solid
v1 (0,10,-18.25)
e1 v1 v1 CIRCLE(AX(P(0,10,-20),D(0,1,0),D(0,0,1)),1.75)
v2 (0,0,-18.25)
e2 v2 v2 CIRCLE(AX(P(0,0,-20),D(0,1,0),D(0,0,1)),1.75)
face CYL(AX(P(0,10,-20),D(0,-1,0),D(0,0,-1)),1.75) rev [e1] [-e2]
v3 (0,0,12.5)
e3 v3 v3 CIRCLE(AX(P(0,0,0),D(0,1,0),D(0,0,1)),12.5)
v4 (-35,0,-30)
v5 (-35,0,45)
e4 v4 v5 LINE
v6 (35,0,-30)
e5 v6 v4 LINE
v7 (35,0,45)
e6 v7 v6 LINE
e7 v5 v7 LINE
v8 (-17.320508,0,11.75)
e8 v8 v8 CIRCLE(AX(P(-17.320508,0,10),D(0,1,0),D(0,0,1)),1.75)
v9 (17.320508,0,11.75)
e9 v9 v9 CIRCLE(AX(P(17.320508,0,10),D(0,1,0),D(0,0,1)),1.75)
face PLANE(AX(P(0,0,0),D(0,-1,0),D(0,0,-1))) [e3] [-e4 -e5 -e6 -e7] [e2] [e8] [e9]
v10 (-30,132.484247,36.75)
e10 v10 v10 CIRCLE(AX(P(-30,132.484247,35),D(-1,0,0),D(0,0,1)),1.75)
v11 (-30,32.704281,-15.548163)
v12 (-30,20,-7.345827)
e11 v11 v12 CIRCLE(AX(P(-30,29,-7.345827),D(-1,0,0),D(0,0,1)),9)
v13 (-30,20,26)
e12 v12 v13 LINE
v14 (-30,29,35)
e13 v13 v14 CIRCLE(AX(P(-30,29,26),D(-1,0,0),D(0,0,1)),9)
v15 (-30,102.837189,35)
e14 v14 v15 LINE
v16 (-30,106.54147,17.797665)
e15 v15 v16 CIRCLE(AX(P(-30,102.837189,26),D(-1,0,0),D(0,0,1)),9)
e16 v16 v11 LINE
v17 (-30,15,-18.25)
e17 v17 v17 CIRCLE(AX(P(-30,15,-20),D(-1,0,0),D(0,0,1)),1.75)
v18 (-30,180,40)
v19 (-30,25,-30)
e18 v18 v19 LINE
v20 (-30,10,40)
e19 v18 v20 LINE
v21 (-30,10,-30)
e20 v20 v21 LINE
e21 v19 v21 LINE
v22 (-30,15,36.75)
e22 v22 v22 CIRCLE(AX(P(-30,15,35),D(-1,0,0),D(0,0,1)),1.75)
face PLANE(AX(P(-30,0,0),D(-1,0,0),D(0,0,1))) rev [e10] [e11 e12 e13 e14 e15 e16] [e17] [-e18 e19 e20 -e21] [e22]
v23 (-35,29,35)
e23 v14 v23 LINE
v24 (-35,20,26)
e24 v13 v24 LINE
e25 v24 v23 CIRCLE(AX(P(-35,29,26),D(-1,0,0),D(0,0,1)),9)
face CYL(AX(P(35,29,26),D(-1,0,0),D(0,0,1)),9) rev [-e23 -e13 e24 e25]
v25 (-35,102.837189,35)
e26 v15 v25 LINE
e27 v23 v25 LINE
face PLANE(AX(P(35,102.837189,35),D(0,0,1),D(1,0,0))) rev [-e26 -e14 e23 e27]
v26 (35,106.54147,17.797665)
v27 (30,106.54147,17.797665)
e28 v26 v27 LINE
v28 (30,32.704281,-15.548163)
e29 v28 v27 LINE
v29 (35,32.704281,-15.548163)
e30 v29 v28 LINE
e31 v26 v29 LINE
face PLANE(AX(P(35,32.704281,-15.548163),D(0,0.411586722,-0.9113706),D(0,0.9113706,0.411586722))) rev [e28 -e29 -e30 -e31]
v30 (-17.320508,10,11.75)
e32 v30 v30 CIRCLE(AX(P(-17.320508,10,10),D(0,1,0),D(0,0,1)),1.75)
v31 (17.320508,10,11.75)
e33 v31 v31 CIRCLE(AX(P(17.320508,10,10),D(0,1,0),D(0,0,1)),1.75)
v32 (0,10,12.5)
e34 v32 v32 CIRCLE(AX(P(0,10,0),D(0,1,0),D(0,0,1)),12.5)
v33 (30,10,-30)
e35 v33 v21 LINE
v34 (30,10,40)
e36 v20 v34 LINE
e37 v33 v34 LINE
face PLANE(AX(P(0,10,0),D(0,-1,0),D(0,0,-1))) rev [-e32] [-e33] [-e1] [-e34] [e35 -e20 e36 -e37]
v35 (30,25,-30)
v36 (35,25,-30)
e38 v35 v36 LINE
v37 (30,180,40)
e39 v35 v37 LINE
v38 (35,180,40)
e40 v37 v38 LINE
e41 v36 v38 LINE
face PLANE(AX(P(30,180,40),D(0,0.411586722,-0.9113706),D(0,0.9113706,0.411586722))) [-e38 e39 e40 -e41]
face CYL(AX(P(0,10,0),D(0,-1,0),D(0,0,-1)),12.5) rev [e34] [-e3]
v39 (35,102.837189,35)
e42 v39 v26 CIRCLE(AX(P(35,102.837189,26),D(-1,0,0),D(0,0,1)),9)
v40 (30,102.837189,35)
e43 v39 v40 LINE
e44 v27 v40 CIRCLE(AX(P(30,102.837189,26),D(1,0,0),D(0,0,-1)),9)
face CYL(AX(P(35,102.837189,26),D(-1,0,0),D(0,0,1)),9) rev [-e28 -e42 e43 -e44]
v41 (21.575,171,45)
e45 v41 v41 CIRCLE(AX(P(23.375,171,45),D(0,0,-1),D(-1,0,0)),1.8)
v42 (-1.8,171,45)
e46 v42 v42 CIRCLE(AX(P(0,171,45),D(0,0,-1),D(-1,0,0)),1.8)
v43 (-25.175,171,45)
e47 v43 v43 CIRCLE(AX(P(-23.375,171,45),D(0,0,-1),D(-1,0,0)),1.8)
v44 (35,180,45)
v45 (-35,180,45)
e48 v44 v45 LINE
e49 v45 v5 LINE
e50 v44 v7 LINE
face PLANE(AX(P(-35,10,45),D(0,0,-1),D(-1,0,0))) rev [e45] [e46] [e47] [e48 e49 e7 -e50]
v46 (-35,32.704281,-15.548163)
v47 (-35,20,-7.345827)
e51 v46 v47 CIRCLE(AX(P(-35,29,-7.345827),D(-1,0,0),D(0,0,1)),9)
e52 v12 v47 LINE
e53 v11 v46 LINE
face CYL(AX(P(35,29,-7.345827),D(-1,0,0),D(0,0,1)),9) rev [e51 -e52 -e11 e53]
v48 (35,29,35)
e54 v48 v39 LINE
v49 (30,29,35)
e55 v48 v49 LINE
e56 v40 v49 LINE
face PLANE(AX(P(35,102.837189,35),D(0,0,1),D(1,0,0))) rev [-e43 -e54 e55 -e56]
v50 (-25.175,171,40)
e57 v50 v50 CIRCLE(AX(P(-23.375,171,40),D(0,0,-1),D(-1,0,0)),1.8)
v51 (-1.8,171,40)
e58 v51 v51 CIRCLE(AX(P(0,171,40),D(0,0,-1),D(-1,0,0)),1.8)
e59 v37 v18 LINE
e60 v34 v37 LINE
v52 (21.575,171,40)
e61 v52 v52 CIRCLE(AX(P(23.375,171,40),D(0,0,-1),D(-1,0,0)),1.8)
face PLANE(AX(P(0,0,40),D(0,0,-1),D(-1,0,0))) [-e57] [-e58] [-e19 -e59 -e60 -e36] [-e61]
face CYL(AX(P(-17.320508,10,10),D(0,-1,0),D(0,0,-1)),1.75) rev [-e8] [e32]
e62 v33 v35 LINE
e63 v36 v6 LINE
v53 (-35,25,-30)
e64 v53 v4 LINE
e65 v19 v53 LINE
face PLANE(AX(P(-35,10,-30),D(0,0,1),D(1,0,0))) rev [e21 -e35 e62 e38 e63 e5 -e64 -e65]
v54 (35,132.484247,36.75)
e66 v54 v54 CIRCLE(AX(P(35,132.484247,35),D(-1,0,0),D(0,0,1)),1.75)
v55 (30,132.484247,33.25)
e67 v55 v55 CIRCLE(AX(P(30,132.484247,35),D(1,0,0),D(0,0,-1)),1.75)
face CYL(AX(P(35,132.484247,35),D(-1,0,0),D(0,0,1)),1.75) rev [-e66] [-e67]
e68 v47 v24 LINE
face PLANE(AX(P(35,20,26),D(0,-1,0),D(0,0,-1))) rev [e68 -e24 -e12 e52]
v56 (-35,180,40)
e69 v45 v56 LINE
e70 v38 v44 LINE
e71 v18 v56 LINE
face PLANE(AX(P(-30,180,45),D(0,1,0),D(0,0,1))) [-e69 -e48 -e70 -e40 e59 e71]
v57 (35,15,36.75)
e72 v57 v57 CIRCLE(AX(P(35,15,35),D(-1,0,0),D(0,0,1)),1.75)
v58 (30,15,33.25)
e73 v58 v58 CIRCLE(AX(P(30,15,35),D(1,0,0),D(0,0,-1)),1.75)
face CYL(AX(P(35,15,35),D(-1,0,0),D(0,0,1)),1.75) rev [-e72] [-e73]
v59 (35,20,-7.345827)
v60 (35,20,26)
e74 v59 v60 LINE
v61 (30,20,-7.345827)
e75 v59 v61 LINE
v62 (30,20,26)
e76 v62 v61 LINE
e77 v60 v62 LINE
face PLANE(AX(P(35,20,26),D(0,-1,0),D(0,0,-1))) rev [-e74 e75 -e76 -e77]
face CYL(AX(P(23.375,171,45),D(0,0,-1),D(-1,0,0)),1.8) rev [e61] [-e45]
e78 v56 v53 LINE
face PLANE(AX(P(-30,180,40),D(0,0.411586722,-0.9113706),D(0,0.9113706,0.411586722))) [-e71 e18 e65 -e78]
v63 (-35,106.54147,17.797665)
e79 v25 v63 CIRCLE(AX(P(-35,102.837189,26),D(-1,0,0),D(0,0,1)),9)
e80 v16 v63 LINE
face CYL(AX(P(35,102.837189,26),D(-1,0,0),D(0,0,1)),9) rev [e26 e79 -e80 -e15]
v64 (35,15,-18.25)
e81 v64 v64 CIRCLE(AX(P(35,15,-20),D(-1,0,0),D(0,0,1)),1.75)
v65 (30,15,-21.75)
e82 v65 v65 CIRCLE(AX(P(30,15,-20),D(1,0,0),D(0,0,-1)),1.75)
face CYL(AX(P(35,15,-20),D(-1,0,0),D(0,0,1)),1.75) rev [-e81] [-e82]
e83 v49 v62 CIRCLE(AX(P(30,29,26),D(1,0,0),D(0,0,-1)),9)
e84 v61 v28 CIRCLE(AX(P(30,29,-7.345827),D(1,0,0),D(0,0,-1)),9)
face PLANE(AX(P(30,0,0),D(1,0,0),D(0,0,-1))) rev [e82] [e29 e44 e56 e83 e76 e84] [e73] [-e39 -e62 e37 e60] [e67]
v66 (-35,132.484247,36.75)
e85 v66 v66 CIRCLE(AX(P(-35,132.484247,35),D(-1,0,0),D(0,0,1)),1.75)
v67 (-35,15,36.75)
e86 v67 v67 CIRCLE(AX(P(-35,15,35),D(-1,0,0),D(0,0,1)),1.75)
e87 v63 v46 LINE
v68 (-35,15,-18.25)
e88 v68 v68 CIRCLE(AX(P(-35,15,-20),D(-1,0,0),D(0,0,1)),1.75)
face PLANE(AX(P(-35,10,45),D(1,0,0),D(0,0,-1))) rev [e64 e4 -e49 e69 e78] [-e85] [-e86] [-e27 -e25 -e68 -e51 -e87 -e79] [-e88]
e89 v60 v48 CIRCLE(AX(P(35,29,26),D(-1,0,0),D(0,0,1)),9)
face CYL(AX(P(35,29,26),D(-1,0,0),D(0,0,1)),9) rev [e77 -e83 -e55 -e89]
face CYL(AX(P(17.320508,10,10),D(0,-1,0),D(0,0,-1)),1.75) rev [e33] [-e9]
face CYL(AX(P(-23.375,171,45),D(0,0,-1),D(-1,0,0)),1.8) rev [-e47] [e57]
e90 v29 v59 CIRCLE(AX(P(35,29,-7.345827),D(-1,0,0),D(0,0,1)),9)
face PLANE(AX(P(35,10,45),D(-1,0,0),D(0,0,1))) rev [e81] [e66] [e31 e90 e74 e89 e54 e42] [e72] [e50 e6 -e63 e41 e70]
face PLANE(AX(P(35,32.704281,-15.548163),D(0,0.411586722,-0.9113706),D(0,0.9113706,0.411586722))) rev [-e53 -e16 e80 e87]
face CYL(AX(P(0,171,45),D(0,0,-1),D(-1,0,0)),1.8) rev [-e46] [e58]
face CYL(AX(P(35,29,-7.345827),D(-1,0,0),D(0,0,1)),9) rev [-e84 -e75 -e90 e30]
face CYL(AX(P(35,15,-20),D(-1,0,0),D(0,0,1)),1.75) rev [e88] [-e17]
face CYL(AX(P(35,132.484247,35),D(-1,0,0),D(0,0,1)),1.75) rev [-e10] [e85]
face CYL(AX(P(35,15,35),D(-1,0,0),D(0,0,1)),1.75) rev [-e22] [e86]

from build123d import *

# Parameters (mm, degrees)
SKETCH_1_W          = 70
SKETCH_1_H          = 75
SKETCH_1_R          = 12.5
SKETCH_1_R_2        = 1.75
EXTRUDE_1_DEPTH     = 10
EXTRUDE_3_DEPTH     = 5
EXTRUDE_4_DEPTH     = 5
SKETCH_7_W          = 70
SKETCH_7_H          = 180
EXTRUDE_5_DEPTH     = 5
SKETCH_10_R         = 1.8
CUT_EXTRUDE_2_DEPTH = 197.277864264
SKETCH_11_R         = 1.75
CUT_EXTRUDE_3_DEPTH = 199.305320151


with BuildPart() as part:
    # 草图1 → 凸台-拉伸1 (new body)
    with BuildSketch(Plane(origin=(0, 0, 0), x_dir=(1, 0, 0), z_dir=(0, 1, 0))):
        with Locations((0, -7.5)):
            Rectangle(SKETCH_1_W, SKETCH_1_H)
        with Locations(Location((0, 0, 0), (0, 0, 270))):
            Circle(SKETCH_1_R, mode=Mode.SUBTRACT)
        with Locations(Location((0, 20, 0), (0, 0, 270))):
            Circle(SKETCH_1_R_2, mode=Mode.SUBTRACT)
        with Locations(Location((17.320508076, -10, 0), (0, 0, 270))):
            Circle(SKETCH_1_R_2, mode=Mode.SUBTRACT)
        with Locations(Location((-17.320508076, -10, 0), (0, 0, 270))):
            Circle(SKETCH_1_R_2, mode=Mode.SUBTRACT)
    extrude(amount=EXTRUDE_1_DEPTH)

    # 草图6 → 凸台-拉伸3 (add)
    with BuildSketch(Plane.ZY.offset(35)):
        Polygon((40, 180), (-30, 25), (-30, 0), (45, 0), (45, 180), align=None)
    extrude(amount=-EXTRUDE_3_DEPTH)

    # 草图8 → 凸台-拉伸4 (add)
    with BuildSketch(Plane(origin=(35, 0, 0), x_dir=(0, 0, -1), z_dir=(1, 0, 0))):
        Polygon((-45, 0), (-45, 180), (-40, 180), (30, 25), (30, 0), align=None)
    extrude(amount=-EXTRUDE_4_DEPTH)

    # 草图7 → 凸台-拉伸5 (add)
    with BuildSketch(Plane.XY.offset(45)):
        with Locations((0, 90)):
            Rectangle(SKETCH_7_W, SKETCH_7_H)
    extrude(amount=-EXTRUDE_5_DEPTH)

    # 草图10 → 切除-拉伸2 (cut, through all)
    with BuildSketch(Plane(origin=(0, 0, 40), x_dir=(-1, 0, 0), z_dir=(0, 0, -1))):
        with Locations((-23.375, 171)):
            Circle(SKETCH_10_R)
        with Locations((23.375, 171)):
            Circle(SKETCH_10_R)
        with Locations((0, 171)):
            Circle(SKETCH_10_R)
    extrude(amount=-CUT_EXTRUDE_2_DEPTH, mode=Mode.SUBTRACT)

    # 草图11 → 切除-拉伸3 (cut, through all)
    with BuildSketch(Plane.ZY.offset(35)):
        with Locations((35, 132.484247104)):
            Circle(SKETCH_11_R)
        with Locations((35, 15)):
            Circle(SKETCH_11_R)
        with Locations((-20, 15)):
            Circle(SKETCH_11_R)
        with BuildLine():
            Line((35, 102.837189188), (35, 29))
            ThreePointArc((35, 29), (32.363961031, 22.636038969), (26, 20))
            Line((26, 20), (-7.345827375, 20))
            ThreePointArc((-7.345827375, 20), (-14.906863168, 24.118326338), (-15.548162772, 32.704280502))
            Line((-15.548162772, 32.704280502), (17.797664603, 106.54146969))
            ThreePointArc((17.797664603, 106.54146969), (27.894595132, 111.63551342), (35, 102.837189188))
        make_face()
    extrude(amount=-CUT_EXTRUDE_3_DEPTH, mode=Mode.SUBTRACT)


solid = part.part
